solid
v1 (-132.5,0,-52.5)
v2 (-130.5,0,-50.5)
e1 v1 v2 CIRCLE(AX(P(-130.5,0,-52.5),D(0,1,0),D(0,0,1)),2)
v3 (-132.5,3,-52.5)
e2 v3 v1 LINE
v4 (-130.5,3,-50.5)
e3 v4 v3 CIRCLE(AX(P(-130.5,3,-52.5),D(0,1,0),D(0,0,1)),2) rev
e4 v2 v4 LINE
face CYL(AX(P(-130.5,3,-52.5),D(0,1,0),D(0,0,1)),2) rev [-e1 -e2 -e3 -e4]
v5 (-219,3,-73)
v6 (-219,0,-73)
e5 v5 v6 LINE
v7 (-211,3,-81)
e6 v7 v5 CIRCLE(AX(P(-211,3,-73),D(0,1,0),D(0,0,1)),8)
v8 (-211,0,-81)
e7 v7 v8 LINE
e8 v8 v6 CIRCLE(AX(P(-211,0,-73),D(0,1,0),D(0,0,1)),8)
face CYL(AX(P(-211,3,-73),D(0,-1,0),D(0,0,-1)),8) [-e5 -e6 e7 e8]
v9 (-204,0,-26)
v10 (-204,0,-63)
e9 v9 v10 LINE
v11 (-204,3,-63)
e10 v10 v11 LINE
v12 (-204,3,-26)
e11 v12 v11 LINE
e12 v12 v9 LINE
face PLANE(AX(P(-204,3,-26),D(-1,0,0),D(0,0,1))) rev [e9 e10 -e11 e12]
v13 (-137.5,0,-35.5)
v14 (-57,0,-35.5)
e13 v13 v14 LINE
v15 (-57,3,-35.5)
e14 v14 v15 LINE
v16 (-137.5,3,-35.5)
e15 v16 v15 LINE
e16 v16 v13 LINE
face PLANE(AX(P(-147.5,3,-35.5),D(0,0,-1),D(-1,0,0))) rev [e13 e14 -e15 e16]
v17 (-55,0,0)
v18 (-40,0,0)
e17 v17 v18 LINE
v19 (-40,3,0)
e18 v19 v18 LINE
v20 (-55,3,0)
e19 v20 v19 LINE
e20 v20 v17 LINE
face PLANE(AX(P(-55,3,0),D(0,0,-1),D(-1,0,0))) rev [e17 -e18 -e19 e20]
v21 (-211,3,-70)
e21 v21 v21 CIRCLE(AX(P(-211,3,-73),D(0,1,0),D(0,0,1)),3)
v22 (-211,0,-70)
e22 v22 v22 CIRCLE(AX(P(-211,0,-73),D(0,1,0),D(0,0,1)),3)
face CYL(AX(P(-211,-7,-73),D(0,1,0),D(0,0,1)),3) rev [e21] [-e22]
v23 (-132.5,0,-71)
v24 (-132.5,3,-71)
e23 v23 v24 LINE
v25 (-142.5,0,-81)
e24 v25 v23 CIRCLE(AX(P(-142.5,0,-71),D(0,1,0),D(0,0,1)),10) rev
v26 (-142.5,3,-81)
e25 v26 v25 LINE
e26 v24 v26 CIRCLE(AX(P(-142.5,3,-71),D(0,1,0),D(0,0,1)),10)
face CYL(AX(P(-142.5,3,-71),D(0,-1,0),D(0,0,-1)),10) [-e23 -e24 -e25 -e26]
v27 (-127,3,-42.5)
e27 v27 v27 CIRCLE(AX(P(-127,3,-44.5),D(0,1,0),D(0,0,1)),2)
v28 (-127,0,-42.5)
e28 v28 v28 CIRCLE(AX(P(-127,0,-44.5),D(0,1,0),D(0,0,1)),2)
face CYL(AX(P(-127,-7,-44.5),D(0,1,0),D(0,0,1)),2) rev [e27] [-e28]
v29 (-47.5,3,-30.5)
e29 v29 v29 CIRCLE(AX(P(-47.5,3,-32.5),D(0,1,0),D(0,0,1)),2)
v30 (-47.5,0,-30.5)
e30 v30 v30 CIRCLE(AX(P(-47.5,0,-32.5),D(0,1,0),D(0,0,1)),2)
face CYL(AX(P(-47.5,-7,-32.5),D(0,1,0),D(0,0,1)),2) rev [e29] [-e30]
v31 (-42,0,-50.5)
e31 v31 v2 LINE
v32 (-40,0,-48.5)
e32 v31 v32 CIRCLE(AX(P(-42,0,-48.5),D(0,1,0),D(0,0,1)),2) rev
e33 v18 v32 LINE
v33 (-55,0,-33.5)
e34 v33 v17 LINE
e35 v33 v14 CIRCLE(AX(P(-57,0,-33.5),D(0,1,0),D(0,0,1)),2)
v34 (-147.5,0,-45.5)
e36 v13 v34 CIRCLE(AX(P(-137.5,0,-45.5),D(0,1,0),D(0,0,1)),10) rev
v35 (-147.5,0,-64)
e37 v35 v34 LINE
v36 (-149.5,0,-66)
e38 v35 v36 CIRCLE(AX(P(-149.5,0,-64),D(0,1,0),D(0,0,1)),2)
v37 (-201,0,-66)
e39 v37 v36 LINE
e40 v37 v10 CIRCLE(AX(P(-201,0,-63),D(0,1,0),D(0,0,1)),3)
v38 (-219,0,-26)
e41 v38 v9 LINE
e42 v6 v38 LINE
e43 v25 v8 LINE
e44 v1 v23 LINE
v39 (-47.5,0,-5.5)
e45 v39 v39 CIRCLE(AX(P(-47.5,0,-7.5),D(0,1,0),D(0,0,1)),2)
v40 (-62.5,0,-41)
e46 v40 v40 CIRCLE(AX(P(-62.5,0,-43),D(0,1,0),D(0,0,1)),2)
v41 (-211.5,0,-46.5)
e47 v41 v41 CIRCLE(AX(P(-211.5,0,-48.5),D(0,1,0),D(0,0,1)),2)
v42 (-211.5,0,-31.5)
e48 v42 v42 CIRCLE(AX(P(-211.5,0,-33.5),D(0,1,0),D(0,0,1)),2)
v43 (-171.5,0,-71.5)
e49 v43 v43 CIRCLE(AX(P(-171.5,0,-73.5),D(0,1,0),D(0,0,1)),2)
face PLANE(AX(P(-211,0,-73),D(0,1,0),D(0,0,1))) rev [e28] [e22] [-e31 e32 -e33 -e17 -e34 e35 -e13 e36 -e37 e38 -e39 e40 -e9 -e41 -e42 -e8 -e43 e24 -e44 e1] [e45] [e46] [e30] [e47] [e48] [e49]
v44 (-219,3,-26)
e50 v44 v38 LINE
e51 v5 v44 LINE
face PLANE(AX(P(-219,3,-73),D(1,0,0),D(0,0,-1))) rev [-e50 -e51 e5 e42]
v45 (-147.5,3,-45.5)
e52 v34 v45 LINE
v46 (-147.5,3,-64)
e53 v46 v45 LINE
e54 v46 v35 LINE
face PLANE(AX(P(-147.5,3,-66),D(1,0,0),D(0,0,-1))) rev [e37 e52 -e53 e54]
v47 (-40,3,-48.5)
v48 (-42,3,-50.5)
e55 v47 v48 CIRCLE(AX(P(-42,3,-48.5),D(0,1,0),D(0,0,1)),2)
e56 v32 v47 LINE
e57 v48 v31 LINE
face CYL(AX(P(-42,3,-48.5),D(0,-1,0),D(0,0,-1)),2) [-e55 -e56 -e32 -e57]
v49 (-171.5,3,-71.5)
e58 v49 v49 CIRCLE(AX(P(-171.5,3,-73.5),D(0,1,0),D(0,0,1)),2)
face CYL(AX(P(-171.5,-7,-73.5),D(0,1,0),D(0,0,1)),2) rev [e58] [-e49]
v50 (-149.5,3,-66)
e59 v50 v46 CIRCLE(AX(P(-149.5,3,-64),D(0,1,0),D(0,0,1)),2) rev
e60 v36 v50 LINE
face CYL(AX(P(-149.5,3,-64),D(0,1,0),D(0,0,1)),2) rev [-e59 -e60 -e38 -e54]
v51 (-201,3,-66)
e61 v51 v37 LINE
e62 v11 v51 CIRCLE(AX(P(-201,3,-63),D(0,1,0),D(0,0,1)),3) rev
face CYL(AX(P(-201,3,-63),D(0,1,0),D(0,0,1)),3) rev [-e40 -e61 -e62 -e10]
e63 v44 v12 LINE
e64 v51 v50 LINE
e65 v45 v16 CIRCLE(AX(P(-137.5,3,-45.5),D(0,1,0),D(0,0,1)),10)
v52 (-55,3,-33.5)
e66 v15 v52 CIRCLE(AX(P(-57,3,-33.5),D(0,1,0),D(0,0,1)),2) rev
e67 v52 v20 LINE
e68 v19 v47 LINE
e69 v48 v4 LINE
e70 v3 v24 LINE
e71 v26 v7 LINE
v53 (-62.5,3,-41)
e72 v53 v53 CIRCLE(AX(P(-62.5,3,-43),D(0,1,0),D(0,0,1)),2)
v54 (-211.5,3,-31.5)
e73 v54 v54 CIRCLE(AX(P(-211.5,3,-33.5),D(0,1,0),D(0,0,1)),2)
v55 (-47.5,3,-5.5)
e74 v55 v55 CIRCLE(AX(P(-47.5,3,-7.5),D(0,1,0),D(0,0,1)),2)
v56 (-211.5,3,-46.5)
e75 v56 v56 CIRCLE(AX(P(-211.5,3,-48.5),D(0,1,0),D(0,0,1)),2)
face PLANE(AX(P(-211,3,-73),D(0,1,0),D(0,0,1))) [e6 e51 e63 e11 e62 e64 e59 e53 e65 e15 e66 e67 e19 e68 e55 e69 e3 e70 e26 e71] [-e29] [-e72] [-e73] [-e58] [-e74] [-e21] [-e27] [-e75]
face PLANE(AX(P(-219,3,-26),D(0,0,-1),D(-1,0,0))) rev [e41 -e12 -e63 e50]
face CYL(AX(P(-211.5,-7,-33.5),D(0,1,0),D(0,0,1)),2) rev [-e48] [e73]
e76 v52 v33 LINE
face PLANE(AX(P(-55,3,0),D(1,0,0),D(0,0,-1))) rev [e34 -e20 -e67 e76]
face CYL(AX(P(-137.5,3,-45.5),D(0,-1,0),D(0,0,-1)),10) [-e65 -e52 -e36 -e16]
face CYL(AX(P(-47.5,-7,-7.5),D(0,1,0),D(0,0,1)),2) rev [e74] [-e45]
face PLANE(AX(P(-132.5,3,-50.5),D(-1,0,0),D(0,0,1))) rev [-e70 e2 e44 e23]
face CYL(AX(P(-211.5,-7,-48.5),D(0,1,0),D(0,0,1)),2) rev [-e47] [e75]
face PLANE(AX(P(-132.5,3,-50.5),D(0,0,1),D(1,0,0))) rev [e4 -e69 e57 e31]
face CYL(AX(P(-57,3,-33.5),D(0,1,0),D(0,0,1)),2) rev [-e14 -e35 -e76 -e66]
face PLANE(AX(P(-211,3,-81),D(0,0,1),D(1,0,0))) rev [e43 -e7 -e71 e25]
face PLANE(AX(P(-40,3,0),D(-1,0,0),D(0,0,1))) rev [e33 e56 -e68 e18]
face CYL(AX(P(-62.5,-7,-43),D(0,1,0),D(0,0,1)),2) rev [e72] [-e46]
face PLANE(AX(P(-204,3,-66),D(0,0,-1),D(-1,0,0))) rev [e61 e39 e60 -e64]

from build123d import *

# Parameters (mm, degrees)
EXTRUDE_1_DEPTH     = 3
SKETCH_2_R          = 2
SKETCH_2_R_2        = 3
CUT_EXTRUDE_1_DEPTH = 10
FILLET_1_R          = 10
FILLET_2_R          = 2
FILLET_3_R          = 3


with BuildPart() as part:
    # 草图1 → 凸台-拉伸1 (new body)
    with BuildSketch(Plane(origin=(0, 0, 0), x_dir=(1, 0, 0), z_dir=(0, 1, 0))):
        with BuildLine():
            Line((-55, 0), (-40, 0))
            Line((-40, 0), (-40, 50.5))
            Line((-40, 50.5), (-132.5, 50.5))
            Line((-132.5, 50.5), (-132.5, 81))
            Line((-132.5, 81), (-211, 81))
            ThreePointArc((-211, 81), (-216.656854249, 78.656854249), (-219, 73))
            Line((-219, 73), (-219, 26))
            Line((-219, 26), (-204, 26))
            Line((-204, 26), (-204, 66))
            Line((-204, 66), (-147.5, 66))
            Line((-147.5, 66), (-147.5, 35.5))
            Line((-147.5, 35.5), (-55, 35.5))
            Line((-55, 35.5), (-55, 0))
        make_face()
    extrude(amount=EXTRUDE_1_DEPTH)

    # 草图2 → 切除-拉伸1 (cut)
    with BuildSketch(Plane(origin=(0, 3, 0), x_dir=(1, 0, 0), z_dir=(0, 1, 0))):
        with Locations(Location((-47.5, 32.5, 0), (0, 0, 270))):
            Circle(SKETCH_2_R)
        with Locations(Location((-211.5, 33.5, 0), (0, 0, 270))):
            Circle(SKETCH_2_R)
        with Locations(Location((-211.5, 48.5, 0), (0, 0, 270))):
            Circle(SKETCH_2_R)
        with Locations(Location((-211, 73, 0), (0, 0, 270))):
            Circle(SKETCH_2_R_2)
        with Locations(Location((-171.5, 73.5, 0), (0, 0, 270))):
            Circle(SKETCH_2_R)
        with Locations(Location((-127, 44.5, 0), (0, 0, 270))):
            Circle(SKETCH_2_R)
        with Locations(Location((-62.5, 43, 0), (0, 0, 270))):
            Circle(SKETCH_2_R)
        with Locations(Location((-47.5, 7.5, 0), (0, 0, 270))):
            Circle(SKETCH_2_R)
    extrude(amount=-CUT_EXTRUDE_1_DEPTH, mode=Mode.SUBTRACT)

    # 圆角1
    fillet_1_edges = [part.edges().sort_by_distance(p)[0] for p in [
        (-147.5, 1.5, -35.5),
        (-132.5, 1.5, -81),
    ]]
    fillet(fillet_1_edges, radius=FILLET_1_R)

    # 圆角2
    fillet_2_edges = [part.edges().sort_by_distance(p)[0] for p in [
        (-40, 1.5, -50.5),
        (-55, 1.5, -35.5),
        (-147.5, 1.5, -66),
        (-132.5, 1.5, -50.5),
    ]]
    fillet(fillet_2_edges, radius=FILLET_2_R)

    # 圆角3
    fillet_3_edges = [part.edges().sort_by_distance(p)[0] for p in [
        (-204, 1.5, -66),
    ]]
    fillet(fillet_3_edges, radius=FILLET_3_R)


solid = part.part
